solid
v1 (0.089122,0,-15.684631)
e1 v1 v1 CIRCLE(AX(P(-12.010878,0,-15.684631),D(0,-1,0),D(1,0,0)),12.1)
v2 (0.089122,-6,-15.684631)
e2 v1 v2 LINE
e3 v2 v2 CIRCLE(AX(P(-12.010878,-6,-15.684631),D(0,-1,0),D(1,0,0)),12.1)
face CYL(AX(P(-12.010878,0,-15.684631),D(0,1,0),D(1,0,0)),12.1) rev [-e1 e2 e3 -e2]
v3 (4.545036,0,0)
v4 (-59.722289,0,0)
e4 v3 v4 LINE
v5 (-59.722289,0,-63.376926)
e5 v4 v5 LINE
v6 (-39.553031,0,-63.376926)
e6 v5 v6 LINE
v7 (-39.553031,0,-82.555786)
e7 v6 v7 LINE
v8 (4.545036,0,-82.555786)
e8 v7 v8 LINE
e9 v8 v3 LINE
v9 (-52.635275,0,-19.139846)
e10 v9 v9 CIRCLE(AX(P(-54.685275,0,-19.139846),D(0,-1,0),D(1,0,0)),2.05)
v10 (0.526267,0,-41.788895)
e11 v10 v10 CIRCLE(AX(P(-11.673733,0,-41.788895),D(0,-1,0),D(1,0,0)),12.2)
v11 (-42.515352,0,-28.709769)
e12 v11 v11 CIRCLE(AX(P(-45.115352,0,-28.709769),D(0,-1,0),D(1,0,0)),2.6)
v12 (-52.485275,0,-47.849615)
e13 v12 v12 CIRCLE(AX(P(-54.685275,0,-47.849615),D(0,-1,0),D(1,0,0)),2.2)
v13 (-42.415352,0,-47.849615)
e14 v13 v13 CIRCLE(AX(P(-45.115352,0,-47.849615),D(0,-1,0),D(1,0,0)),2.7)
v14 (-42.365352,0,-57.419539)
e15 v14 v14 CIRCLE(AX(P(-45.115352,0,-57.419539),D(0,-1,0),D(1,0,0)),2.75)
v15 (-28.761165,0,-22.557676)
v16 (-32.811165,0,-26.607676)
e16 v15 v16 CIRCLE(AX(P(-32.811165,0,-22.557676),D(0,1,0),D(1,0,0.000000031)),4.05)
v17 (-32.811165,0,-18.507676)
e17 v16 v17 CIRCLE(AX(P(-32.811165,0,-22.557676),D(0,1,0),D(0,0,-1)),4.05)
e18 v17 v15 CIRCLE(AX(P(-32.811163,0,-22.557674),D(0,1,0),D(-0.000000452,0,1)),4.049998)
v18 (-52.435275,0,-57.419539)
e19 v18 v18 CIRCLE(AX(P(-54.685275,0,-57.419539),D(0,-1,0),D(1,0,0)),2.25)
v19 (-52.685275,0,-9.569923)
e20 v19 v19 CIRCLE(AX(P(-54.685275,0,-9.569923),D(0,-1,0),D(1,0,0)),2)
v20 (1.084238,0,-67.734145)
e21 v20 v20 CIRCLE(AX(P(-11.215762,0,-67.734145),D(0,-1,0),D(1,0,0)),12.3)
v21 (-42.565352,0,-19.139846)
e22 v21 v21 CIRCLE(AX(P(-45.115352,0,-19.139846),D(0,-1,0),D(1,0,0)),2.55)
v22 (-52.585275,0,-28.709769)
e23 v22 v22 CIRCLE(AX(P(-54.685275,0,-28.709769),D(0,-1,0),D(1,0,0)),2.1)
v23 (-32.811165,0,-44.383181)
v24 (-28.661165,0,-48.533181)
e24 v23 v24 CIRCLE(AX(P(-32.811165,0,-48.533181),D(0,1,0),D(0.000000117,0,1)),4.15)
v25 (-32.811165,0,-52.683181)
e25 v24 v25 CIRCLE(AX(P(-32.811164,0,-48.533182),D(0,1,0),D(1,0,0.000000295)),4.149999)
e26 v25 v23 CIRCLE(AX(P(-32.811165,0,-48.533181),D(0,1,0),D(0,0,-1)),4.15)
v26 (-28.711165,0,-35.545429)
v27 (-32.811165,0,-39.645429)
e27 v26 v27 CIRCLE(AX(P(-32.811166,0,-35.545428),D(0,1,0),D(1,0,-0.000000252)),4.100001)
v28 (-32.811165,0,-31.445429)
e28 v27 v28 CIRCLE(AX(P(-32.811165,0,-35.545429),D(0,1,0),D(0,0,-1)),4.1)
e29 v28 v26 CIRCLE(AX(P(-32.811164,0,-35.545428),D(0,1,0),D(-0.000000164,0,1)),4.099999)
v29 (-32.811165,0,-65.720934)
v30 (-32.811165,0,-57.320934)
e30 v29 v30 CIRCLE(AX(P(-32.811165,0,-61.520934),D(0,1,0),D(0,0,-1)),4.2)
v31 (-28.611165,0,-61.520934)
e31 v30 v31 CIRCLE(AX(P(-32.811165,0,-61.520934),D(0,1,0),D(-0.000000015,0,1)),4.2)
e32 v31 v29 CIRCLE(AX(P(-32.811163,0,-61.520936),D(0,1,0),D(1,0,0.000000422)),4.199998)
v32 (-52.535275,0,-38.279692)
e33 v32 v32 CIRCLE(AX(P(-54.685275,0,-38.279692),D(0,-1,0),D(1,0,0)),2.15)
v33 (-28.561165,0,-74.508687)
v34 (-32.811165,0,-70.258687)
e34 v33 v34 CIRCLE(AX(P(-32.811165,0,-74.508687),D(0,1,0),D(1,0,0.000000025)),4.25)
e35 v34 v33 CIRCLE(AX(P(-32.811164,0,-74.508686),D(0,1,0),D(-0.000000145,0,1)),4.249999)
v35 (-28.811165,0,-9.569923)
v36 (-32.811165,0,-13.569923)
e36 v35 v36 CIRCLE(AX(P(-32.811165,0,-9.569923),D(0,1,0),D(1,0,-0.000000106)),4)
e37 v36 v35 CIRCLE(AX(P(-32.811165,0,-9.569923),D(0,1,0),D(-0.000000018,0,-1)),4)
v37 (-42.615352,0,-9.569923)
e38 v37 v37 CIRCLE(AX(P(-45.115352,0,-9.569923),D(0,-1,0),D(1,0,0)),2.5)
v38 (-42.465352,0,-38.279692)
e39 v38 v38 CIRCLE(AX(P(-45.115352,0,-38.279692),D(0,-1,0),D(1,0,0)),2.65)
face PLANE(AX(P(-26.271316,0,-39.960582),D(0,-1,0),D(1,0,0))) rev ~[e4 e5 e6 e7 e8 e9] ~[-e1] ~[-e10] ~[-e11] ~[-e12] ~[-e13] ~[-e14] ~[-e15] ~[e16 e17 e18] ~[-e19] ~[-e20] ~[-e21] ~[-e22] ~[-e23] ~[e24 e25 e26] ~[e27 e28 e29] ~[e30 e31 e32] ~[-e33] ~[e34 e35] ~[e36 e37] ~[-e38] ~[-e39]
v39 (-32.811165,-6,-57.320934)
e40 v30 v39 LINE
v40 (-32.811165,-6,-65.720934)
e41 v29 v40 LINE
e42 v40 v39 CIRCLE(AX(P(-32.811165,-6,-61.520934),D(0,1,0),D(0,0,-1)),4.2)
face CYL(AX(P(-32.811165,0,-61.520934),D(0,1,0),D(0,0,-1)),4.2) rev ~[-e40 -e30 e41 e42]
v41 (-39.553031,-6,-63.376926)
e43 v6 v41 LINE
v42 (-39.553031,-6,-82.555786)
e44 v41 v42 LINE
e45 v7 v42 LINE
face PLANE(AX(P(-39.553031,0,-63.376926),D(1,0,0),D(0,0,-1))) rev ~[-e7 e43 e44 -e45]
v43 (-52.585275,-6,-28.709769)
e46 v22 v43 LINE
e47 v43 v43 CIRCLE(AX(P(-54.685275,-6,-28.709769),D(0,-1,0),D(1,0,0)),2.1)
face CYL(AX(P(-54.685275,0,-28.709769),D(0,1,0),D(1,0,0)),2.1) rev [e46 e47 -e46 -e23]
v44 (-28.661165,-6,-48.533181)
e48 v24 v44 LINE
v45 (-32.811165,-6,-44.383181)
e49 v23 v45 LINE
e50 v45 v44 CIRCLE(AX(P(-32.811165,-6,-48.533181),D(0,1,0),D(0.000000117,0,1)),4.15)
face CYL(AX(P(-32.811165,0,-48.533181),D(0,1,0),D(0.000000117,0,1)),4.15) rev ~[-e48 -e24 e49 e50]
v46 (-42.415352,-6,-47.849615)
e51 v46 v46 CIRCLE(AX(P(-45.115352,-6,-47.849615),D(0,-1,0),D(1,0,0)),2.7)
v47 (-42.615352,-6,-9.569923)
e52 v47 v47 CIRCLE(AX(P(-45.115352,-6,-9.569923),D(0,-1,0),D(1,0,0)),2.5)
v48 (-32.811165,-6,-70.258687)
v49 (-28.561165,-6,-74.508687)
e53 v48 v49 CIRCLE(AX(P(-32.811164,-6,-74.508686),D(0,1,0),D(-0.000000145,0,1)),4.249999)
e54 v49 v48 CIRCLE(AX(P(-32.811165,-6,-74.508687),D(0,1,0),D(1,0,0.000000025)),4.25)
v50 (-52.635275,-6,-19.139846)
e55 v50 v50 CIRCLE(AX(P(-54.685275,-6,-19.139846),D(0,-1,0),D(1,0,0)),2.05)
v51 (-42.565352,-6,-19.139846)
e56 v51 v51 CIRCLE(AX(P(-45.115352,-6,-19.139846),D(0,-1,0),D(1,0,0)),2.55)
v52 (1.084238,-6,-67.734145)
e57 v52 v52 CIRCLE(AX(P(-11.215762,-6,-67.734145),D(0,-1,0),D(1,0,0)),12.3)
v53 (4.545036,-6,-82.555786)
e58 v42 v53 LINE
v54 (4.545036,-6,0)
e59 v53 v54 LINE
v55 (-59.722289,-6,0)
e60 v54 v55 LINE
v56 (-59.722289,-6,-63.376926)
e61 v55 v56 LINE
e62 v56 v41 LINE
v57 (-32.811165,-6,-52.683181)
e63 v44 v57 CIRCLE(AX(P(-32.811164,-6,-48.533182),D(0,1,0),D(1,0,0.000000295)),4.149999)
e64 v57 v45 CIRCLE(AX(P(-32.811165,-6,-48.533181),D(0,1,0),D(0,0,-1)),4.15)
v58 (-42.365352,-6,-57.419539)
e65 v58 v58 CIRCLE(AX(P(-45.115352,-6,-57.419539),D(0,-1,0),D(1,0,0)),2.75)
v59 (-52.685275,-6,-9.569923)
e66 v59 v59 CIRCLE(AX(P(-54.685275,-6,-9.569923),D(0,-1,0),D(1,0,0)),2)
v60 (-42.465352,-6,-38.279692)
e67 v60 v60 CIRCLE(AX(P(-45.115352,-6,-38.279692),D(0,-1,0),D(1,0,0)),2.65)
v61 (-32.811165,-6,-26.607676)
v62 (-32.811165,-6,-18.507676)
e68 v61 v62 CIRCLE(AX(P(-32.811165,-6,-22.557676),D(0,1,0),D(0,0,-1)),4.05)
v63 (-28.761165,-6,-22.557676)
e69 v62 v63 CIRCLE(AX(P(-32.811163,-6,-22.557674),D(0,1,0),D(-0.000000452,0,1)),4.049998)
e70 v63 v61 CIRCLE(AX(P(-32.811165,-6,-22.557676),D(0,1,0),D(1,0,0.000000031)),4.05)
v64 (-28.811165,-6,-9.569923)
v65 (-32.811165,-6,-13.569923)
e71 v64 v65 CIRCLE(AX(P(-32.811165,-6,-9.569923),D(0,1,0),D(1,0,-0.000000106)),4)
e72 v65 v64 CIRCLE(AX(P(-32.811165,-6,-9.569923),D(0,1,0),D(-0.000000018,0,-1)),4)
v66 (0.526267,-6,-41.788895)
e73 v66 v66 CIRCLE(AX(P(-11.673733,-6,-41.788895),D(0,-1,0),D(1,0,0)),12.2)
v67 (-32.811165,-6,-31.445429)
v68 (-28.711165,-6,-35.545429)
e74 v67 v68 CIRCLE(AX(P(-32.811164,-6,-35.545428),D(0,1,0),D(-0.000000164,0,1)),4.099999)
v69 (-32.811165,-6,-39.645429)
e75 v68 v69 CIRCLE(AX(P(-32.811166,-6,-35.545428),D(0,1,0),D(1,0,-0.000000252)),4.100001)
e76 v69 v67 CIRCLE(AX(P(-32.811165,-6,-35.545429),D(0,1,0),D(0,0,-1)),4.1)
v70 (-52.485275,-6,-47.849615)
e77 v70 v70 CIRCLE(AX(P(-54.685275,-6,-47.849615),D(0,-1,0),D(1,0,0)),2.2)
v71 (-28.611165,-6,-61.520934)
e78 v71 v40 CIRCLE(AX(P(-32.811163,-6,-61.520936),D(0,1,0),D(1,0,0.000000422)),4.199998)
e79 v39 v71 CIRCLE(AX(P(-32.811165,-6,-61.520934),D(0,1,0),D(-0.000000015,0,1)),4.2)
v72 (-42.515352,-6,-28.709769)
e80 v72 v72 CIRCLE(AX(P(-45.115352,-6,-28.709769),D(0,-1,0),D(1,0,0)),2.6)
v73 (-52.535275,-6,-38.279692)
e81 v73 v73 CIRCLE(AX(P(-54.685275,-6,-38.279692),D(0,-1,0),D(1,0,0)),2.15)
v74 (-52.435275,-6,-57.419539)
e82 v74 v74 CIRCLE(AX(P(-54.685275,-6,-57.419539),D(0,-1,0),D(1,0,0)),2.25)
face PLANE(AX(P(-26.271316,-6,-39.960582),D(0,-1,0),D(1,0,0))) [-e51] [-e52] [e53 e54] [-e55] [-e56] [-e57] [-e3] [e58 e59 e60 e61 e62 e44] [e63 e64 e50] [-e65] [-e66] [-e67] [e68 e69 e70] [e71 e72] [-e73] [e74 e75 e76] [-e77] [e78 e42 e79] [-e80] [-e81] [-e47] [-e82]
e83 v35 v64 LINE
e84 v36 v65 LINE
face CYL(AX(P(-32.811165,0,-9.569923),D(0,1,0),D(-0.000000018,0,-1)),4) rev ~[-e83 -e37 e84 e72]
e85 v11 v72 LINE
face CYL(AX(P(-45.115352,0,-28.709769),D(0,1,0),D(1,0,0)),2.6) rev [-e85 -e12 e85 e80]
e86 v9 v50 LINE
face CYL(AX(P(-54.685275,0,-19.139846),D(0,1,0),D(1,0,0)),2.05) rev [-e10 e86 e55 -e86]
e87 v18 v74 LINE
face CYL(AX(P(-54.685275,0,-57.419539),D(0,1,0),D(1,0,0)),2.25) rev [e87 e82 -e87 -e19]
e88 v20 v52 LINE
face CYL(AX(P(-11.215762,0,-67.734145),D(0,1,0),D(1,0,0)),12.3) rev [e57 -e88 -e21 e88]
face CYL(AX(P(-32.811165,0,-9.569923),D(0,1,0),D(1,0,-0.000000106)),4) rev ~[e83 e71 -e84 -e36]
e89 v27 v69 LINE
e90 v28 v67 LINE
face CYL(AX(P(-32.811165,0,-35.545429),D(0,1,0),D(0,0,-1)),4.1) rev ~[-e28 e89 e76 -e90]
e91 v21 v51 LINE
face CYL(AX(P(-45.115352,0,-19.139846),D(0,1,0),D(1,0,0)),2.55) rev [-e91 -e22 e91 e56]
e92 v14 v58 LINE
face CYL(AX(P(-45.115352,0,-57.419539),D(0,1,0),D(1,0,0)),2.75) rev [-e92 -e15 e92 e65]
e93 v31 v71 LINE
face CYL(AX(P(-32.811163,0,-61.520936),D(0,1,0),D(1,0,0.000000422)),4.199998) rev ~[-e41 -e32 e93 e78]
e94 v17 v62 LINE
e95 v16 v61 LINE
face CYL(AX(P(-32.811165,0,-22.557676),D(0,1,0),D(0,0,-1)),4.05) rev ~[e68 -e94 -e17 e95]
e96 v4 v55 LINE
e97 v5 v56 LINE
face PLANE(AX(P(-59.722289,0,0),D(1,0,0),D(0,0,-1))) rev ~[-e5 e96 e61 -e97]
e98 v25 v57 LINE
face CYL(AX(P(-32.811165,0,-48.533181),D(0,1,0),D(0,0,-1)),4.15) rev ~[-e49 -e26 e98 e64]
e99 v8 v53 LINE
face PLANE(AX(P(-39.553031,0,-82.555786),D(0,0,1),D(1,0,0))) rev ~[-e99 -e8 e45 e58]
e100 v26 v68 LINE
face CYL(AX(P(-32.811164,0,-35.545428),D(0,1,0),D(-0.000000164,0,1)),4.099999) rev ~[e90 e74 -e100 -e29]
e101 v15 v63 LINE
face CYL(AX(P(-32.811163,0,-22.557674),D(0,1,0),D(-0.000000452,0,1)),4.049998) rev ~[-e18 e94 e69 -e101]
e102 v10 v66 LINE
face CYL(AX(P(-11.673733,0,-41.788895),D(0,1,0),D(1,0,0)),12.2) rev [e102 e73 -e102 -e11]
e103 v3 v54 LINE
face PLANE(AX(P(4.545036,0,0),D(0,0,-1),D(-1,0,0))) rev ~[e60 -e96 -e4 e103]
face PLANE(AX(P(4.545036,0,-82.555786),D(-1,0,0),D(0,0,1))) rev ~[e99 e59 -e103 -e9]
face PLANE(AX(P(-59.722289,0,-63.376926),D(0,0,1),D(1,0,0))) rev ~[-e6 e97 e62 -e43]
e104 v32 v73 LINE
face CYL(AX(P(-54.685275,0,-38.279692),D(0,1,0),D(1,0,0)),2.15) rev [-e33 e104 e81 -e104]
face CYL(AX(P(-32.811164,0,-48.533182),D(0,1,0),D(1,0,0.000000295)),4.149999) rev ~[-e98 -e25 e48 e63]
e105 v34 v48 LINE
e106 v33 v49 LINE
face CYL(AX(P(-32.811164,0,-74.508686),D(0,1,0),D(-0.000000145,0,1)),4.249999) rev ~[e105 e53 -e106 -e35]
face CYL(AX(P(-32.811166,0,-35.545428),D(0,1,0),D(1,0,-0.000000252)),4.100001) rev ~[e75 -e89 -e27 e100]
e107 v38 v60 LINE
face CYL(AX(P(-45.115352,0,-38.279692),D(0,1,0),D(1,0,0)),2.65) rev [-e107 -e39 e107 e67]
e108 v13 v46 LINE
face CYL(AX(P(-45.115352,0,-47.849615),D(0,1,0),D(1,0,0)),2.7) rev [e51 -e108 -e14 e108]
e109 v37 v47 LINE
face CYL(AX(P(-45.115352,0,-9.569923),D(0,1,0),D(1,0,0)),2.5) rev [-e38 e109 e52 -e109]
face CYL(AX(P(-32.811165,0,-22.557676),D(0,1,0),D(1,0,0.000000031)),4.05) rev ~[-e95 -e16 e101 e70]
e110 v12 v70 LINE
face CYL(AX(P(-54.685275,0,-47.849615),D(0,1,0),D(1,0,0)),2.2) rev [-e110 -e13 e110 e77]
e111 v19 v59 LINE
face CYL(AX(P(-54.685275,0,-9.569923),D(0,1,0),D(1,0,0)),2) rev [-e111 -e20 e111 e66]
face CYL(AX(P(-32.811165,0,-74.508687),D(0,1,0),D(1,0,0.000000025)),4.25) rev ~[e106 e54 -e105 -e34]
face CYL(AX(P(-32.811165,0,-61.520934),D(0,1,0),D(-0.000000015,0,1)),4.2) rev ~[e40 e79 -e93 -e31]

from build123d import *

# Parameters (mm, degrees)
F0_R     = 2.25
F0_R_2   = 2.75
F0_R_3   = 2.2
F0_R_4   = 2.7
F0_R_5   = 12.3
F0_R_6   = 12.2
F0_R_7   = 2.15
F0_R_8   = 2.65
F0_R_9   = 2.1
F0_R_10  = 2.6
F0_R_11  = 2.05
F0_R_12  = 2.55
F0_R_13  = 2
F0_R_14  = 2.5
F0_R_15  = 12.1
F1_DEPTH = 6


with BuildPart() as f1:
    # F0 (on Front) → F1 (new body)
    with BuildSketch(Plane.XZ):
        Polygon((4.545036, 0), (0, 0), (-54.685275, 0), (-59.722289, 0), (-59.722289, -63.376926), (-39.553031, -63.376926), (-39.553031, -82.555786), (4.545036, -82.555786), align=None)
        with BuildLine():
            ThreePointArc((-28.561165, -74.508687), (-35.816369, -77.513891), (-32.811165, -70.258687))
            ThreePointArc((-32.811165, -70.258687), (-29.805961, -71.503483), (-28.561165, -74.508687))
        make_face(mode=Mode.SUBTRACT)
        with Locations((-54.685275, -57.419539)):
            Circle(F0_R, mode=Mode.SUBTRACT)
        with Locations((-45.115352, -57.419539)):
            Circle(F0_R_2, mode=Mode.SUBTRACT)
        with Locations((-54.685275, -47.849615)):
            Circle(F0_R_3, mode=Mode.SUBTRACT)
        with Locations((-45.115352, -47.849615)):
            Circle(F0_R_4, mode=Mode.SUBTRACT)
        with BuildLine():
            ThreePointArc((-32.811165, -65.720934), (-37.011165, -61.520934), (-32.811165, -57.320934))
            ThreePointArc((-32.811165, -57.320934), (-29.841316, -58.551086), (-28.611165, -61.520934))
            ThreePointArc((-28.611165, -61.520934), (-29.841316, -64.490783), (-32.811165, -65.720934))
        make_face(mode=Mode.SUBTRACT)
        with BuildLine():
            ThreePointArc((-32.811165, -52.683181), (-36.961165, -48.533181), (-32.811165, -44.383181))
            ThreePointArc((-32.811165, -44.383181), (-29.876672, -45.598688), (-28.661165, -48.533181))
            ThreePointArc((-28.661165, -48.533181), (-29.876672, -51.467675), (-32.811165, -52.683181))
        make_face(mode=Mode.SUBTRACT)
        with Locations((-11.215762, -67.734145)):
            Circle(F0_R_5, mode=Mode.SUBTRACT)
        with Locations((-11.673733, -41.788895)):
            Circle(F0_R_6, mode=Mode.SUBTRACT)
        with Locations((-54.685275, -38.279692)):
            Circle(F0_R_7, mode=Mode.SUBTRACT)
        with Locations((-45.115352, -38.279692)):
            Circle(F0_R_8, mode=Mode.SUBTRACT)
        with Locations((-54.685275, -28.709769)):
            Circle(F0_R_9, mode=Mode.SUBTRACT)
        with Locations((-45.115352, -28.709769)):
            Circle(F0_R_10, mode=Mode.SUBTRACT)
        with BuildLine():
            ThreePointArc((-32.811165, -39.645429), (-36.911165, -35.545429), (-32.811165, -31.445429))
            ThreePointArc((-32.811165, -31.445429), (-29.912027, -32.646291), (-28.711165, -35.545429))
            ThreePointArc((-28.711165, -35.545429), (-29.912027, -38.444566), (-32.811165, -39.645429))
        make_face(mode=Mode.SUBTRACT)
        with BuildLine():
            ThreePointArc((-32.811165, -26.607676), (-36.861165, -22.557676), (-32.811165, -18.507676))
            ThreePointArc((-32.811165, -18.507676), (-29.947382, -19.693893), (-28.761165, -22.557676))
            ThreePointArc((-28.761165, -22.557676), (-29.947382, -25.421458), (-32.811165, -26.607676))
        make_face(mode=Mode.SUBTRACT)
        with Locations((-54.685275, -19.139846)):
            Circle(F0_R_11, mode=Mode.SUBTRACT)
        with Locations((-45.115352, -19.139846)):
            Circle(F0_R_12, mode=Mode.SUBTRACT)
        with Locations((-54.685275, -9.569923)):
            Circle(F0_R_13, mode=Mode.SUBTRACT)
        with Locations((-45.115352, -9.569923)):
            Circle(F0_R_14, mode=Mode.SUBTRACT)
        with BuildLine():
            ThreePointArc((-32.811165, -13.569923), (-35.639592, -6.741496), (-28.811165, -9.569923))
            ThreePointArc((-28.811165, -9.569923), (-29.982738, -12.39835), (-32.811165, -13.569923))
        make_face(mode=Mode.SUBTRACT)
        with Locations((-12.010878, -15.684631)):
            Circle(F0_R_15, mode=Mode.SUBTRACT)
    extrude(amount=F1_DEPTH)


solid = f1.part
